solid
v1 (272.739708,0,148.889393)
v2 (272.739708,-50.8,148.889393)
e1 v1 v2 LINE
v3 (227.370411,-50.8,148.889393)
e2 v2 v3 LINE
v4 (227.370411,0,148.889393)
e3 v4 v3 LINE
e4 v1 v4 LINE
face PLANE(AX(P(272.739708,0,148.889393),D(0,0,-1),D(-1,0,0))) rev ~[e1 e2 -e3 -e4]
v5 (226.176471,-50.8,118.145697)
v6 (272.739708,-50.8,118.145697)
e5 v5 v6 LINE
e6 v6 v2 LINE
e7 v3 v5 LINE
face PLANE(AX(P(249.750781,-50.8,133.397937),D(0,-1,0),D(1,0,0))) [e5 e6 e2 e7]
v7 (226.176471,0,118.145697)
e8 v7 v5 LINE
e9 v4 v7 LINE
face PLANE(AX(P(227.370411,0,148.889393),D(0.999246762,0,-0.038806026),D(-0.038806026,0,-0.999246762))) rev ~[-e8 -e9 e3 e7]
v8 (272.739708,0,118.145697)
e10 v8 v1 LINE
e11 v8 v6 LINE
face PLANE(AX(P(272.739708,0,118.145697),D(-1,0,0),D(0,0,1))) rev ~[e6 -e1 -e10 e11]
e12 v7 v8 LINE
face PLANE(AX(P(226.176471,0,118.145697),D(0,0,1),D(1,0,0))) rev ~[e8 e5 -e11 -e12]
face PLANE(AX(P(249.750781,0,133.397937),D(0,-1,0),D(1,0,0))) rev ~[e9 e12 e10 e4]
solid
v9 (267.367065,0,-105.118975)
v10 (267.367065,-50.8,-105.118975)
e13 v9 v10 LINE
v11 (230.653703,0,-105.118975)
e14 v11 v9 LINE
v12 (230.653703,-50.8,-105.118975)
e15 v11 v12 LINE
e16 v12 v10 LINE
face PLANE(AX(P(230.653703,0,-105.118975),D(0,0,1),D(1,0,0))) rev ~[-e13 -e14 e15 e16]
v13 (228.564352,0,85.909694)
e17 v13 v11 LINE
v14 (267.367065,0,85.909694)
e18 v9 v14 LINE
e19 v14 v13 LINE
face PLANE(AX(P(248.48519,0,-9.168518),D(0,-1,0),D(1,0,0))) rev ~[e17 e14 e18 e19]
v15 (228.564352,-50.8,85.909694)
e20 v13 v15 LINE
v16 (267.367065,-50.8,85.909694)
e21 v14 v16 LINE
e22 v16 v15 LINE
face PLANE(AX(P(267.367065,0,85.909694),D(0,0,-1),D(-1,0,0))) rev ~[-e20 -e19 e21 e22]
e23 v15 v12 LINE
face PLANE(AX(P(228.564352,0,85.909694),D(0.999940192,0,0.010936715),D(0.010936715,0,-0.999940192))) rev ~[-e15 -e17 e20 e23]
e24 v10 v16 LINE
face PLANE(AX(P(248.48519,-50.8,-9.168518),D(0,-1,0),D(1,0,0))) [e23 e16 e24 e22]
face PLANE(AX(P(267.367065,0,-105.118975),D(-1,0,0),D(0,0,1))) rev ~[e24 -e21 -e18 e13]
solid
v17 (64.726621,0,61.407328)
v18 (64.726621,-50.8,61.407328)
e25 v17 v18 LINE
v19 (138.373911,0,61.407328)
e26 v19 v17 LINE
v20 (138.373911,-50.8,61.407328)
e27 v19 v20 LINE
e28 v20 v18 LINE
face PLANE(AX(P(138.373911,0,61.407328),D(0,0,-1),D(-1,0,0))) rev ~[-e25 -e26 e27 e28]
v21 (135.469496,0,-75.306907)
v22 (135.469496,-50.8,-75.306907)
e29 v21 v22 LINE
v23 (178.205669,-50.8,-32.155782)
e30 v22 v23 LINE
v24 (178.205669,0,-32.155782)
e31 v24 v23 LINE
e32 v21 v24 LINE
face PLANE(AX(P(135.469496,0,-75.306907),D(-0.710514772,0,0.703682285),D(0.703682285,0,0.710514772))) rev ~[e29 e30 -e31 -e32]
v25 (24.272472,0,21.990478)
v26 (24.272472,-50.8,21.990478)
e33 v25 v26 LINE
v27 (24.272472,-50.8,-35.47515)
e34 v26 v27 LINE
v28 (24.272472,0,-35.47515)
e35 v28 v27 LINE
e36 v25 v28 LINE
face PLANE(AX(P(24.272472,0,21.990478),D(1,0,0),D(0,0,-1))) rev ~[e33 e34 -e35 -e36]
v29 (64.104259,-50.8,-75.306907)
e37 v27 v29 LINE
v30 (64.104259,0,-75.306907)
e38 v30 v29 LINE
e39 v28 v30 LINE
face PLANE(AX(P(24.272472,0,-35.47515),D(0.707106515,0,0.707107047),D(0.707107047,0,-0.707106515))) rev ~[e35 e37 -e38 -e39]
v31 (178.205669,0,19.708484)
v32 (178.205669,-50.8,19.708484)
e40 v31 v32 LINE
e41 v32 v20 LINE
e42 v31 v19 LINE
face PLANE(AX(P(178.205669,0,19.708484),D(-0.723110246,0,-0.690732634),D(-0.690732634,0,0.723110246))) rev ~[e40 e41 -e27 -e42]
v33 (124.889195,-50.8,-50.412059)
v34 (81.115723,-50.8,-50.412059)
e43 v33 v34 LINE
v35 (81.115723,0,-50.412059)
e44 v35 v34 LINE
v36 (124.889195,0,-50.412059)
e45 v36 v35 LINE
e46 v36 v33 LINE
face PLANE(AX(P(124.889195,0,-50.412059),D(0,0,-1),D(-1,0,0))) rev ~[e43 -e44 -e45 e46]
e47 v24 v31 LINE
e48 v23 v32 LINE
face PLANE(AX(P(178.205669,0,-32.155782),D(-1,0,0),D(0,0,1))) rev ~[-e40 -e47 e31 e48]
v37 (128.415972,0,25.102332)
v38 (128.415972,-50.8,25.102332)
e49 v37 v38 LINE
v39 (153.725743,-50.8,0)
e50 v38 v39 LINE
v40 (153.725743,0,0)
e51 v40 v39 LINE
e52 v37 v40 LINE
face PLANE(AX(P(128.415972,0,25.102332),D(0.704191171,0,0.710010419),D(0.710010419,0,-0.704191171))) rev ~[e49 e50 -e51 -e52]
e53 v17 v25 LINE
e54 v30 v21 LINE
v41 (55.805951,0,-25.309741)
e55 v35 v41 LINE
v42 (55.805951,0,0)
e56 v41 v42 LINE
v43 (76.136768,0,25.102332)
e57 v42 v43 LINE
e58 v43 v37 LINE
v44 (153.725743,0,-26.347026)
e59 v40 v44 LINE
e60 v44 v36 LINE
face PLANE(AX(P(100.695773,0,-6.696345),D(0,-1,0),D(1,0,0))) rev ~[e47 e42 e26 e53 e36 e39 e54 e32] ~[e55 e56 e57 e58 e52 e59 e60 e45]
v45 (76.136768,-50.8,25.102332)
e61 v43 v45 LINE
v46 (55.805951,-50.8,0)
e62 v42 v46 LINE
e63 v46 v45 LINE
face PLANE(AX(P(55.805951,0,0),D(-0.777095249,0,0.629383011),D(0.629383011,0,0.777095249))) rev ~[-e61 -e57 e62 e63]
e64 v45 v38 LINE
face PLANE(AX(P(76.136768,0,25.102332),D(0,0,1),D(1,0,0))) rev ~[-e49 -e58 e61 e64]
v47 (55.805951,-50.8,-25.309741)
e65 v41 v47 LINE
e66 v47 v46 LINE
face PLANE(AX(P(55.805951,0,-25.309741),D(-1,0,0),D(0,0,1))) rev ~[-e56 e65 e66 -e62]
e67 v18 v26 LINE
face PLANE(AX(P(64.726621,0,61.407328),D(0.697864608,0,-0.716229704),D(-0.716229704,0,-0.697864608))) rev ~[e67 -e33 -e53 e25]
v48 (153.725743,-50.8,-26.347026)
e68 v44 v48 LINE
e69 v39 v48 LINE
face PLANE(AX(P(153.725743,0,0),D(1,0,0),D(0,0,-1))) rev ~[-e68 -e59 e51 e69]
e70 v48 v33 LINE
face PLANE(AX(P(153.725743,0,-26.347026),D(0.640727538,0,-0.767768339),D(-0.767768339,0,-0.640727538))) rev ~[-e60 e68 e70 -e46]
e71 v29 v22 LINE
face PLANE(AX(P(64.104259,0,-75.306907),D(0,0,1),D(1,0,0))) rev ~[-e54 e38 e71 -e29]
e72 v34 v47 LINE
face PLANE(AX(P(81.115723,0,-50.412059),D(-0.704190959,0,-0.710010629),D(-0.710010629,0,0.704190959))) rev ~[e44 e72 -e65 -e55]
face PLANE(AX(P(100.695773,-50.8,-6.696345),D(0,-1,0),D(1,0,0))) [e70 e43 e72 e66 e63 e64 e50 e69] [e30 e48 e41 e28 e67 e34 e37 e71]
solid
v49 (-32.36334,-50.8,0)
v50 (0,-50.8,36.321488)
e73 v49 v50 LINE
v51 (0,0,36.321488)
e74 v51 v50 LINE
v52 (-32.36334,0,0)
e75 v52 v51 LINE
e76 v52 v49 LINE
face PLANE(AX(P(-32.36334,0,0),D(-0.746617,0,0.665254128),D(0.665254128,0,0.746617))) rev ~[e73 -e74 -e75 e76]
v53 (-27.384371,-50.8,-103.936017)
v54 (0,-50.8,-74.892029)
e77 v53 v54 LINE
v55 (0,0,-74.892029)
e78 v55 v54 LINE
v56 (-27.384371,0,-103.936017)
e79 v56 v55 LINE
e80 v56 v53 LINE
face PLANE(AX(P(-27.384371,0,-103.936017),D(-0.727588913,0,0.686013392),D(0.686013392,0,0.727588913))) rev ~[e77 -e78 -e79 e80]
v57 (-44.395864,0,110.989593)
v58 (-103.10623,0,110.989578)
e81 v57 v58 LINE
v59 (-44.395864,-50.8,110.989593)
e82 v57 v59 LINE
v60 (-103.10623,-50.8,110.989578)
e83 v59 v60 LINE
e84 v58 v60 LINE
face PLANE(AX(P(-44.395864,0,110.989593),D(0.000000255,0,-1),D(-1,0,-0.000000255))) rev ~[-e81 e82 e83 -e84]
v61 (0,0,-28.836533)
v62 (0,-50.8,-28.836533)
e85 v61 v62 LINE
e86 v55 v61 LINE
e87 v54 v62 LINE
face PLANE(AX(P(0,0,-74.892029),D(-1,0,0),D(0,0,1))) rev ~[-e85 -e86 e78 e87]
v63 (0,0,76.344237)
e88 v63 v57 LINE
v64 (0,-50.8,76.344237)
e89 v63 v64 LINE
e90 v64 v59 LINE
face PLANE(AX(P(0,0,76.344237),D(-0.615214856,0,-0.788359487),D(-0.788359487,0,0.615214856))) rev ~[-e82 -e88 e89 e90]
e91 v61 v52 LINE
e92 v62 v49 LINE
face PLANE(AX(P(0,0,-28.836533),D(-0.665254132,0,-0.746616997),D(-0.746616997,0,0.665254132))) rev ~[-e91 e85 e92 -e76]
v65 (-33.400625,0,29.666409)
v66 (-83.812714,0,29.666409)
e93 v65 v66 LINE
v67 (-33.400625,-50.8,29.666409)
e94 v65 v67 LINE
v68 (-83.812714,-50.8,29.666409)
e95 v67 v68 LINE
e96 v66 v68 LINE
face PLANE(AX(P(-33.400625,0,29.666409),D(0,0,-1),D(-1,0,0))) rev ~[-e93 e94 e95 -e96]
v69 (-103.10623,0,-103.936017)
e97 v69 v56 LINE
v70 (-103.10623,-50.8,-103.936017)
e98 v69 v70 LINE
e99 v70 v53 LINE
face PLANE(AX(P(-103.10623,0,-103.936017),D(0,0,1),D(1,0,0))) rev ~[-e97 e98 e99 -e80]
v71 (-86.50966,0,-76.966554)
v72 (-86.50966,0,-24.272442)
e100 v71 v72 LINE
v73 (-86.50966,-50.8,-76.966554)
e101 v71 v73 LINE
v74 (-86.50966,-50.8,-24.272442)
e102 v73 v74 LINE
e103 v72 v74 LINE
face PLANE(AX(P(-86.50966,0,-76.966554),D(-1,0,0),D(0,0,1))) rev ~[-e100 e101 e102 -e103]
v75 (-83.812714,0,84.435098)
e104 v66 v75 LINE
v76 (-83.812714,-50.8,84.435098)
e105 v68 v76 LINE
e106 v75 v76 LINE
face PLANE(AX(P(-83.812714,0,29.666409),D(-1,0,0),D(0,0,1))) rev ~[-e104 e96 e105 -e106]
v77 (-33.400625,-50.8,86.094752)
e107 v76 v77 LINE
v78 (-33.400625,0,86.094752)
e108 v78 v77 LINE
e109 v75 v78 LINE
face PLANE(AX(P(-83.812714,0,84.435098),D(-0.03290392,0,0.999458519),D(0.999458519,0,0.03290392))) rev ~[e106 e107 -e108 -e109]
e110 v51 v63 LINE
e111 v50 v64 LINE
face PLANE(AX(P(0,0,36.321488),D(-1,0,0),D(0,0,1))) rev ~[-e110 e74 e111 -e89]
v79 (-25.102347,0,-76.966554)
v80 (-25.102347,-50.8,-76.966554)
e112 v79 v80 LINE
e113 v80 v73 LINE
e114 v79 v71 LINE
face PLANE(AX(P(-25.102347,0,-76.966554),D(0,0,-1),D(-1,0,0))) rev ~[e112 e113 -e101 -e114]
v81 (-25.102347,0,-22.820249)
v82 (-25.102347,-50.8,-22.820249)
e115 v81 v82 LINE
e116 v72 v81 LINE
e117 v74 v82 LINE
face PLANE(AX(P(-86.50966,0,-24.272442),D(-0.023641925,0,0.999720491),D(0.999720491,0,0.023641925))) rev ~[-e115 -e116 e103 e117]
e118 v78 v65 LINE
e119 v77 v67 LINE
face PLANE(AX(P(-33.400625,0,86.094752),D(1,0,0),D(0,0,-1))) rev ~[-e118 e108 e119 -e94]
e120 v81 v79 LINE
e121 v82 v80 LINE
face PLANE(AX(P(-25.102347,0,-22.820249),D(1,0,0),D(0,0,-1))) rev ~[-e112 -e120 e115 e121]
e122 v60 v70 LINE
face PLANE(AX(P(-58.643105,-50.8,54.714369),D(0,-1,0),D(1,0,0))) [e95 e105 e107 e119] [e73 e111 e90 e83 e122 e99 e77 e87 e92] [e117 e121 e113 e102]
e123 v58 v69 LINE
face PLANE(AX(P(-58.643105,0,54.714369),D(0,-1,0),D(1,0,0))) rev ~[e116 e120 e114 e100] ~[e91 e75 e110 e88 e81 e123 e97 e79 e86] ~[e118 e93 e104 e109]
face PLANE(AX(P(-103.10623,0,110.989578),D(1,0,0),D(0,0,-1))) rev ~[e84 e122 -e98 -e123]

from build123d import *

# Parameters (mm, degrees)
F1_DEPTH = 50.8


with BuildPart() as f1:
    # F0 (on Front) → F1 (new body)
    with BuildSketch(Plane.XZ):
        Polygon((-44.395864, 110.989593), (-103.10623, 110.989578), (-103.10623, 0), (-32.36334, 0), (0, 36.321488), (0, 76.344237), align=None)
        Polygon((-83.812714, 29.666409), (-83.812714, 84.435098), (-33.400625, 86.094752), (-33.400625, 29.666409), align=None, mode=Mode.SUBTRACT)
        Polygon((-32.36334, 0), (-103.10623, 0), (-103.10623, -103.936017), (-27.384371, -103.936017), (0, -74.892029), (0, -28.836533), align=None)
        Polygon((-86.50966, -76.966554), (-86.50966, -24.272442), (-25.102347, -22.820249), (-25.102347, -76.966554), align=None, mode=Mode.SUBTRACT)
        Polygon((24.272472, -35.47515), (64.104259, -75.306907), (135.469496, -75.306907), (178.205669, -32.155782), (178.205669, 19.708484), (138.373911, 61.407328), (64.726621, 61.407328), (24.272472, 21.990478), align=None)
        Polygon((55.805951, 0), (76.136768, 25.102332), (128.415972, 25.102332), (153.725743, 0), (153.725743, -26.347026), (124.889195, -50.412059), (81.115723, -50.412059), (55.805951, -25.309741), align=None, mode=Mode.SUBTRACT)
        Polygon((267.367065, 85.909694), (228.564352, 85.909694), (230.653703, -105.118975), (267.367065, -105.118975), align=None)
        Polygon((272.739708, 148.889393), (227.370411, 148.889393), (226.176471, 118.145697), (272.739708, 118.145697), align=None)
    extrude(amount=F1_DEPTH)


solid = f1.part
